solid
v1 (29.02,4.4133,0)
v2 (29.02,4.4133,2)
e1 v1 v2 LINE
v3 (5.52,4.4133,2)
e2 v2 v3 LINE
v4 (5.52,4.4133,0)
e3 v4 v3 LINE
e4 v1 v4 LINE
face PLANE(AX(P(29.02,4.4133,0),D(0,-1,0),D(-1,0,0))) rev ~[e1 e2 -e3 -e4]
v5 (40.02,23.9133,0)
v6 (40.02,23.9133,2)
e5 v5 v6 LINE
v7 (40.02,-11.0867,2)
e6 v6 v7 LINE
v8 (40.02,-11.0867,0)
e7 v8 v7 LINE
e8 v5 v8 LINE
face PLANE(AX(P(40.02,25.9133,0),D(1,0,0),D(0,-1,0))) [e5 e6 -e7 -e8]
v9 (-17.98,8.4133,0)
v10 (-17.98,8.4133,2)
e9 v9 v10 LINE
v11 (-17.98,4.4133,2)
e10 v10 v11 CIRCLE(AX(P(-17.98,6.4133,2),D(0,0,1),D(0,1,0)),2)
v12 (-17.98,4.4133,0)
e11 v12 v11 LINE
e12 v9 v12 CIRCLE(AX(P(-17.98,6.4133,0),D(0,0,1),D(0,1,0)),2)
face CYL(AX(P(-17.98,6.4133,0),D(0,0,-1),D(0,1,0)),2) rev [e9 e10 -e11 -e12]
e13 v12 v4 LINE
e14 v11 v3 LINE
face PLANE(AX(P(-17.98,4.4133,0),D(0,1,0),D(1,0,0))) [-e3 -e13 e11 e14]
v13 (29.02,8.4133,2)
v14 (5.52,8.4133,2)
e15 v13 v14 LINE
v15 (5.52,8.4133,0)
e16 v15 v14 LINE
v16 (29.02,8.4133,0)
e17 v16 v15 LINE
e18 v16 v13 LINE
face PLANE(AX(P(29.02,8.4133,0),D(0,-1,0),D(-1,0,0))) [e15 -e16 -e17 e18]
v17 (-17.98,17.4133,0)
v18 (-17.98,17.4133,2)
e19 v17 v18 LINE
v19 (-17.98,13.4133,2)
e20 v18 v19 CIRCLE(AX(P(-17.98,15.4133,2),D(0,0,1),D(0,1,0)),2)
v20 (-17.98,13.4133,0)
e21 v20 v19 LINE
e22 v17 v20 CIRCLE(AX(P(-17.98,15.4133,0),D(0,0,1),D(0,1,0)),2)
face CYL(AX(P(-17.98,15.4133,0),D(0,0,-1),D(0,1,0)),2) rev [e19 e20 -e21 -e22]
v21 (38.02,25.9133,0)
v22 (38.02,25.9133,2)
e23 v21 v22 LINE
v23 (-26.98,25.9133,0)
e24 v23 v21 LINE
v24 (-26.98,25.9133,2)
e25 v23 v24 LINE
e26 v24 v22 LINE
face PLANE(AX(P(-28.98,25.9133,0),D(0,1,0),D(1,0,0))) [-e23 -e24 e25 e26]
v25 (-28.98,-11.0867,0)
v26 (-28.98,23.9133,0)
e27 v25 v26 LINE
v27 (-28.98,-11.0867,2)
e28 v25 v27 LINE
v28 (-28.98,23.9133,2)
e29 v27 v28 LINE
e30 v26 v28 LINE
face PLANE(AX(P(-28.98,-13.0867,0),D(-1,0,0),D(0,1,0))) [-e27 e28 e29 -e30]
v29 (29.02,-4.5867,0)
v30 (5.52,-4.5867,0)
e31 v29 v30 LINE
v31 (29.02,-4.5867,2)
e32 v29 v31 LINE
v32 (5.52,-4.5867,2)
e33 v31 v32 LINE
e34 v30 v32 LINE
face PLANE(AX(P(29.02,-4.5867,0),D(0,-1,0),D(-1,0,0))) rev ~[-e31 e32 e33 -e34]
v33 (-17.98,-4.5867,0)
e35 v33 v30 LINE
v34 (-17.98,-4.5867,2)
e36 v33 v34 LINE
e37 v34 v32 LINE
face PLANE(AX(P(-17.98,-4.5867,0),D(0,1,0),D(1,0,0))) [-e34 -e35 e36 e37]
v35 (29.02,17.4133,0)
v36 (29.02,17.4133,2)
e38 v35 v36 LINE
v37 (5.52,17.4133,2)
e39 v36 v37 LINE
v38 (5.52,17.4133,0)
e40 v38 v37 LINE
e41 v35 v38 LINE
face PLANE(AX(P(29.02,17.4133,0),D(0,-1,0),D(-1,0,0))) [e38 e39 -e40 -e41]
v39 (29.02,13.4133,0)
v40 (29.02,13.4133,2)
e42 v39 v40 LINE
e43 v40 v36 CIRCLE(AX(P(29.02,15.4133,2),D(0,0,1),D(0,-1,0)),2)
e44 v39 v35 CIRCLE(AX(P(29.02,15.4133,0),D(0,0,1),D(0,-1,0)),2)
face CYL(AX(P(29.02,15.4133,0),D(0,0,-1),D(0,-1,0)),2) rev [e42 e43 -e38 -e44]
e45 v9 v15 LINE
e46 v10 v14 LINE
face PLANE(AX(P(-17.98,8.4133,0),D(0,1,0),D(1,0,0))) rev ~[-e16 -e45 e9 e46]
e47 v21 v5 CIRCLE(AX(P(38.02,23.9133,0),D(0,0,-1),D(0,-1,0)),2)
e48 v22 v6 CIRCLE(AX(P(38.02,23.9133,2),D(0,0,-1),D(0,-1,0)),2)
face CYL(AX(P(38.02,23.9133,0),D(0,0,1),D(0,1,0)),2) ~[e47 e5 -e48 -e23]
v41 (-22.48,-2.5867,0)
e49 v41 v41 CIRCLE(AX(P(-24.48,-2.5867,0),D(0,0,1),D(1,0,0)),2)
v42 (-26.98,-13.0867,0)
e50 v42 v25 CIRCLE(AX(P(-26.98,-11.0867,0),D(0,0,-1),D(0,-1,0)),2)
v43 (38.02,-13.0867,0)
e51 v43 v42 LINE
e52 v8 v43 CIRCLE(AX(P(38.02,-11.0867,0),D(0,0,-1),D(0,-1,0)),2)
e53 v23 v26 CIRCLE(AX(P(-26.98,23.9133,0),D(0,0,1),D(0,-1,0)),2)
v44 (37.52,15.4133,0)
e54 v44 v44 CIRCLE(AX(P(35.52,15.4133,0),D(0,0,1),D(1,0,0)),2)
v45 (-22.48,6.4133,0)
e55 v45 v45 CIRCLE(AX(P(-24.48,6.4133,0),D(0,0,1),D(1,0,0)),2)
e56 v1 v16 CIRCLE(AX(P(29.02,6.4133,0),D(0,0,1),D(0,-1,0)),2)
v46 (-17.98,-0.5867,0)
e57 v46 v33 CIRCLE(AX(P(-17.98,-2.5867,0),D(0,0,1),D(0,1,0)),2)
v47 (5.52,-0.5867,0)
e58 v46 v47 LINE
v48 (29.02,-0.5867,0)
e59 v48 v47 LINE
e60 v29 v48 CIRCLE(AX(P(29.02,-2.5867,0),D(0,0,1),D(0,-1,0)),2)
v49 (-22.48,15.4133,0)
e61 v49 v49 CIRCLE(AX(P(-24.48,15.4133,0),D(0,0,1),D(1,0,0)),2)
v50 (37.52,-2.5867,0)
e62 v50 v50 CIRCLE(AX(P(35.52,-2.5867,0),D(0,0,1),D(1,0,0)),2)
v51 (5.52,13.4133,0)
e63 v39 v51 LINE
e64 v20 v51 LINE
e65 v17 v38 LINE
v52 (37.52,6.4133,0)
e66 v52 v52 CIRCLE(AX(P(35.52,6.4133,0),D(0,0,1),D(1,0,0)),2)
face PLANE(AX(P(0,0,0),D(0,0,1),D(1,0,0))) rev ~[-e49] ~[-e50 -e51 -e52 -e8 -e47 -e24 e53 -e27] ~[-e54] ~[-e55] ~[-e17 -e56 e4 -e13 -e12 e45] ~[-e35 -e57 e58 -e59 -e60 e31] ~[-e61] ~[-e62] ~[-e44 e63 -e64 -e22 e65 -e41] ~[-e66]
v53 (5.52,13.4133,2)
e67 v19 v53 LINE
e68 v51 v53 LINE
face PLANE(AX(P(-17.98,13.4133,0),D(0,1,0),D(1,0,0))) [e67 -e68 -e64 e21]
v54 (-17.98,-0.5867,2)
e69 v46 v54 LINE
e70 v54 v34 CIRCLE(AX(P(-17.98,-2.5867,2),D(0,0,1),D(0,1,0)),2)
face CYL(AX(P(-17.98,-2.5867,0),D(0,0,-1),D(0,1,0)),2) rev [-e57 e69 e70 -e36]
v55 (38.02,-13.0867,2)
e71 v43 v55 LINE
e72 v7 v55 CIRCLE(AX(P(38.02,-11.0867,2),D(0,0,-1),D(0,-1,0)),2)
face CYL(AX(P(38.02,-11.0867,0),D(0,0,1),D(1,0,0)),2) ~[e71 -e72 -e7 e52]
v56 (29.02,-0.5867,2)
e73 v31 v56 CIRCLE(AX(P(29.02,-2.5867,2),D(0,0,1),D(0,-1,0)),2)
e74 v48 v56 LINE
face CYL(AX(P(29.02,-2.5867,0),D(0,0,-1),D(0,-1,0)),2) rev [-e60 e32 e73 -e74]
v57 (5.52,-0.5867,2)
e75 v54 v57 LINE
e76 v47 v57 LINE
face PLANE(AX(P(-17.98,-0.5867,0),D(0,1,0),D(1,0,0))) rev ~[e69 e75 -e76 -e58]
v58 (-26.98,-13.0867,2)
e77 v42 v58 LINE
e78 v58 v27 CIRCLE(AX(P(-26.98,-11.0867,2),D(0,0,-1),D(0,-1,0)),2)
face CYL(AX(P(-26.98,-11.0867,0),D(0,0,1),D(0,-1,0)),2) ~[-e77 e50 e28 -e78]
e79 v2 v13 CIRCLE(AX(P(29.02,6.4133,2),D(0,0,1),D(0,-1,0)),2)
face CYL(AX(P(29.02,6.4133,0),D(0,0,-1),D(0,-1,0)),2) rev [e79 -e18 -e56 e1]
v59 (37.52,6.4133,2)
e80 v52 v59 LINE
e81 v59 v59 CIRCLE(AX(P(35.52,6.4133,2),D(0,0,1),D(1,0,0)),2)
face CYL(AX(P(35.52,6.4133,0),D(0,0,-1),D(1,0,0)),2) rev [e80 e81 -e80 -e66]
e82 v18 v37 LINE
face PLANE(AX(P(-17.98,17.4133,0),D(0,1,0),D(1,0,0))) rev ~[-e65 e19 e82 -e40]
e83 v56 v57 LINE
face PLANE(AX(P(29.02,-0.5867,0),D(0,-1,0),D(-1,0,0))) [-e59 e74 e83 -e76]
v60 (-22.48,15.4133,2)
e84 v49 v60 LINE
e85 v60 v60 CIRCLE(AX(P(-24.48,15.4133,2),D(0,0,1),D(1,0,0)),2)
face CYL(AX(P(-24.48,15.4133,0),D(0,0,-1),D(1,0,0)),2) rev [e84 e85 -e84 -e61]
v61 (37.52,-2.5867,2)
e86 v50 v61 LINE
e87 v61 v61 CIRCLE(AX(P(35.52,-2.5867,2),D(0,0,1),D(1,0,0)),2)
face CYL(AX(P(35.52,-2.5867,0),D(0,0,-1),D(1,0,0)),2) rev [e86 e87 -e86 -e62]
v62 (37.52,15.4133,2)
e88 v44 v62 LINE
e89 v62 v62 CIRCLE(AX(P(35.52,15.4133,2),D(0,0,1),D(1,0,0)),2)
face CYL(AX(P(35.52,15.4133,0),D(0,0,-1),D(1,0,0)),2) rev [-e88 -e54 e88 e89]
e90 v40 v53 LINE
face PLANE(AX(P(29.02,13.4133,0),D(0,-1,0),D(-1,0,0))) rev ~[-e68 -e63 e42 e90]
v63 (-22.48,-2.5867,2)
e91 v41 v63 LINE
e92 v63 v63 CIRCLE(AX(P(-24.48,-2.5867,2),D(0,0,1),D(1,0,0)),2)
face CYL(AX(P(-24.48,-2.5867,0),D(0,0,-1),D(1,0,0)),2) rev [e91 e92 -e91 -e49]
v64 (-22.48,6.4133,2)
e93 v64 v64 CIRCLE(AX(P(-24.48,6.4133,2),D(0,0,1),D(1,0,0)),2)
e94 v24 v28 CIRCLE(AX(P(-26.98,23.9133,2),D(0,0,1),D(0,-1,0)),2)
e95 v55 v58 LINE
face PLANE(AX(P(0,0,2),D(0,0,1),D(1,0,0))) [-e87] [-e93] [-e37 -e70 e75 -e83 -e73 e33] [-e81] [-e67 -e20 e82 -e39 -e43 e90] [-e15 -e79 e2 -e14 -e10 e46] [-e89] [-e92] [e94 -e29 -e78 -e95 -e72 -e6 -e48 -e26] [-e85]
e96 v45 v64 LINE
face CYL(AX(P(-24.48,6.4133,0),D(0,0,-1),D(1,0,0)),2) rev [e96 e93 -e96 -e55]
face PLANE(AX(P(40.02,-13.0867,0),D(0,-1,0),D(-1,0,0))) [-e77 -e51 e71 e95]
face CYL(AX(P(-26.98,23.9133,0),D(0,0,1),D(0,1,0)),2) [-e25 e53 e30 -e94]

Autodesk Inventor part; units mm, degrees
ref_plane "YZ Plane" through (0, 0, 0) normal (1, 0, 0) x (0, 1, 0)
ref_plane "XZ Plane" through (0, 0, 0) normal (0, 1, 0) x (-1, 0, 0)
ref_plane "XY Plane" through (0, 0, 0) normal (0, 0, 1) x (1, 0, 0)
sketch "Эскиз1" plane through (0, 0, 0) normal (0, 0, 1) x (1, 0, 0)
  line L0 (-28.98, 25.9133) -> (40.02, 25.9133)
  line L1 (40.02, 25.9133) -> (40.02, -13.0867)
  line L2 (40.02, -13.0867) -> (-28.98, -13.0867)
  line L3 (-28.98, -13.0867) -> (-28.98, 25.9133)
  arc A0 (-17.98, 8.4133) -> (-17.98, 4.4133) centre (-17.98, 6.4133) ccw
  line L4 (-17.98, 8.4133) -> (5.52, 8.4133)
  line L5 (-17.98, 4.4133) -> (5.52, 4.4133)
  arc A1 (-17.98, 17.4133) -> (-17.98, 13.4133) centre (-17.98, 15.4133) ccw
  line L6 (-17.98, 17.4133) -> (5.52, 17.4133)
  line L7 (-17.98, 13.4133) -> (5.52, 13.4133)
  circle A2 centre (-24.48, 15.4133) radius 2
  circle A3 centre (-24.48, 6.4133) radius 2
  arc A4 (-17.98, -0.5867) -> (-17.98, -4.5867) centre (-17.98, -2.5867) ccw
  line L8 (-17.98, -4.5867) -> (5.52, -4.5867)
  line L9 (-17.98, -0.5867) -> (5.52, -0.5867)
  circle A5 centre (-24.48, -2.5867) radius 2
  arc A6 (29.02, 4.4133) -> (29.02, 8.4133) centre (29.02, 6.4133) ccw
  line L10 (29.02, 8.4133) -> (5.52, 8.4133)
  line L11 (29.02, 4.4133) -> (5.52, 4.4133)
  arc A7 (29.02, 13.4133) -> (29.02, 17.4133) centre (29.02, 15.4133) ccw
  line L12 (29.02, 17.4133) -> (5.52, 17.4133)
  line L13 (29.02, 13.4133) -> (5.52, 13.4133)
  circle A8 centre (35.52, 15.4133) radius 2
  circle A9 centre (35.52, 6.4133) radius 2
  circle A10 centre (35.52, -2.5867) radius 2
  line L14 (29.02, -4.5867) -> (5.52, -4.5867)
  arc A11 (29.02, -4.5867) -> (29.02, -0.5867) centre (29.02, -2.5867) ccw
  line L15 (29.02, -0.5867) -> (5.52, -0.5867)
  point P0 (0, 0)
  dimension "d0" = 69
  dimension "d1" = 39
  dimension "d3" = 4
  dimension "d8" = 4
  dimension "d9" = 4
extrude "Выдавливание1" add sketch "Эскиз1" along normal blind 2
fillet "Сопряжение1" radius 2 4 edges at (-28.98, 25.9133, 1) (40.02, 25.9133, 1) (40.02, -13.0867, 1) (-28.98, -13.0867, 1)
properties part number "радиатор"
